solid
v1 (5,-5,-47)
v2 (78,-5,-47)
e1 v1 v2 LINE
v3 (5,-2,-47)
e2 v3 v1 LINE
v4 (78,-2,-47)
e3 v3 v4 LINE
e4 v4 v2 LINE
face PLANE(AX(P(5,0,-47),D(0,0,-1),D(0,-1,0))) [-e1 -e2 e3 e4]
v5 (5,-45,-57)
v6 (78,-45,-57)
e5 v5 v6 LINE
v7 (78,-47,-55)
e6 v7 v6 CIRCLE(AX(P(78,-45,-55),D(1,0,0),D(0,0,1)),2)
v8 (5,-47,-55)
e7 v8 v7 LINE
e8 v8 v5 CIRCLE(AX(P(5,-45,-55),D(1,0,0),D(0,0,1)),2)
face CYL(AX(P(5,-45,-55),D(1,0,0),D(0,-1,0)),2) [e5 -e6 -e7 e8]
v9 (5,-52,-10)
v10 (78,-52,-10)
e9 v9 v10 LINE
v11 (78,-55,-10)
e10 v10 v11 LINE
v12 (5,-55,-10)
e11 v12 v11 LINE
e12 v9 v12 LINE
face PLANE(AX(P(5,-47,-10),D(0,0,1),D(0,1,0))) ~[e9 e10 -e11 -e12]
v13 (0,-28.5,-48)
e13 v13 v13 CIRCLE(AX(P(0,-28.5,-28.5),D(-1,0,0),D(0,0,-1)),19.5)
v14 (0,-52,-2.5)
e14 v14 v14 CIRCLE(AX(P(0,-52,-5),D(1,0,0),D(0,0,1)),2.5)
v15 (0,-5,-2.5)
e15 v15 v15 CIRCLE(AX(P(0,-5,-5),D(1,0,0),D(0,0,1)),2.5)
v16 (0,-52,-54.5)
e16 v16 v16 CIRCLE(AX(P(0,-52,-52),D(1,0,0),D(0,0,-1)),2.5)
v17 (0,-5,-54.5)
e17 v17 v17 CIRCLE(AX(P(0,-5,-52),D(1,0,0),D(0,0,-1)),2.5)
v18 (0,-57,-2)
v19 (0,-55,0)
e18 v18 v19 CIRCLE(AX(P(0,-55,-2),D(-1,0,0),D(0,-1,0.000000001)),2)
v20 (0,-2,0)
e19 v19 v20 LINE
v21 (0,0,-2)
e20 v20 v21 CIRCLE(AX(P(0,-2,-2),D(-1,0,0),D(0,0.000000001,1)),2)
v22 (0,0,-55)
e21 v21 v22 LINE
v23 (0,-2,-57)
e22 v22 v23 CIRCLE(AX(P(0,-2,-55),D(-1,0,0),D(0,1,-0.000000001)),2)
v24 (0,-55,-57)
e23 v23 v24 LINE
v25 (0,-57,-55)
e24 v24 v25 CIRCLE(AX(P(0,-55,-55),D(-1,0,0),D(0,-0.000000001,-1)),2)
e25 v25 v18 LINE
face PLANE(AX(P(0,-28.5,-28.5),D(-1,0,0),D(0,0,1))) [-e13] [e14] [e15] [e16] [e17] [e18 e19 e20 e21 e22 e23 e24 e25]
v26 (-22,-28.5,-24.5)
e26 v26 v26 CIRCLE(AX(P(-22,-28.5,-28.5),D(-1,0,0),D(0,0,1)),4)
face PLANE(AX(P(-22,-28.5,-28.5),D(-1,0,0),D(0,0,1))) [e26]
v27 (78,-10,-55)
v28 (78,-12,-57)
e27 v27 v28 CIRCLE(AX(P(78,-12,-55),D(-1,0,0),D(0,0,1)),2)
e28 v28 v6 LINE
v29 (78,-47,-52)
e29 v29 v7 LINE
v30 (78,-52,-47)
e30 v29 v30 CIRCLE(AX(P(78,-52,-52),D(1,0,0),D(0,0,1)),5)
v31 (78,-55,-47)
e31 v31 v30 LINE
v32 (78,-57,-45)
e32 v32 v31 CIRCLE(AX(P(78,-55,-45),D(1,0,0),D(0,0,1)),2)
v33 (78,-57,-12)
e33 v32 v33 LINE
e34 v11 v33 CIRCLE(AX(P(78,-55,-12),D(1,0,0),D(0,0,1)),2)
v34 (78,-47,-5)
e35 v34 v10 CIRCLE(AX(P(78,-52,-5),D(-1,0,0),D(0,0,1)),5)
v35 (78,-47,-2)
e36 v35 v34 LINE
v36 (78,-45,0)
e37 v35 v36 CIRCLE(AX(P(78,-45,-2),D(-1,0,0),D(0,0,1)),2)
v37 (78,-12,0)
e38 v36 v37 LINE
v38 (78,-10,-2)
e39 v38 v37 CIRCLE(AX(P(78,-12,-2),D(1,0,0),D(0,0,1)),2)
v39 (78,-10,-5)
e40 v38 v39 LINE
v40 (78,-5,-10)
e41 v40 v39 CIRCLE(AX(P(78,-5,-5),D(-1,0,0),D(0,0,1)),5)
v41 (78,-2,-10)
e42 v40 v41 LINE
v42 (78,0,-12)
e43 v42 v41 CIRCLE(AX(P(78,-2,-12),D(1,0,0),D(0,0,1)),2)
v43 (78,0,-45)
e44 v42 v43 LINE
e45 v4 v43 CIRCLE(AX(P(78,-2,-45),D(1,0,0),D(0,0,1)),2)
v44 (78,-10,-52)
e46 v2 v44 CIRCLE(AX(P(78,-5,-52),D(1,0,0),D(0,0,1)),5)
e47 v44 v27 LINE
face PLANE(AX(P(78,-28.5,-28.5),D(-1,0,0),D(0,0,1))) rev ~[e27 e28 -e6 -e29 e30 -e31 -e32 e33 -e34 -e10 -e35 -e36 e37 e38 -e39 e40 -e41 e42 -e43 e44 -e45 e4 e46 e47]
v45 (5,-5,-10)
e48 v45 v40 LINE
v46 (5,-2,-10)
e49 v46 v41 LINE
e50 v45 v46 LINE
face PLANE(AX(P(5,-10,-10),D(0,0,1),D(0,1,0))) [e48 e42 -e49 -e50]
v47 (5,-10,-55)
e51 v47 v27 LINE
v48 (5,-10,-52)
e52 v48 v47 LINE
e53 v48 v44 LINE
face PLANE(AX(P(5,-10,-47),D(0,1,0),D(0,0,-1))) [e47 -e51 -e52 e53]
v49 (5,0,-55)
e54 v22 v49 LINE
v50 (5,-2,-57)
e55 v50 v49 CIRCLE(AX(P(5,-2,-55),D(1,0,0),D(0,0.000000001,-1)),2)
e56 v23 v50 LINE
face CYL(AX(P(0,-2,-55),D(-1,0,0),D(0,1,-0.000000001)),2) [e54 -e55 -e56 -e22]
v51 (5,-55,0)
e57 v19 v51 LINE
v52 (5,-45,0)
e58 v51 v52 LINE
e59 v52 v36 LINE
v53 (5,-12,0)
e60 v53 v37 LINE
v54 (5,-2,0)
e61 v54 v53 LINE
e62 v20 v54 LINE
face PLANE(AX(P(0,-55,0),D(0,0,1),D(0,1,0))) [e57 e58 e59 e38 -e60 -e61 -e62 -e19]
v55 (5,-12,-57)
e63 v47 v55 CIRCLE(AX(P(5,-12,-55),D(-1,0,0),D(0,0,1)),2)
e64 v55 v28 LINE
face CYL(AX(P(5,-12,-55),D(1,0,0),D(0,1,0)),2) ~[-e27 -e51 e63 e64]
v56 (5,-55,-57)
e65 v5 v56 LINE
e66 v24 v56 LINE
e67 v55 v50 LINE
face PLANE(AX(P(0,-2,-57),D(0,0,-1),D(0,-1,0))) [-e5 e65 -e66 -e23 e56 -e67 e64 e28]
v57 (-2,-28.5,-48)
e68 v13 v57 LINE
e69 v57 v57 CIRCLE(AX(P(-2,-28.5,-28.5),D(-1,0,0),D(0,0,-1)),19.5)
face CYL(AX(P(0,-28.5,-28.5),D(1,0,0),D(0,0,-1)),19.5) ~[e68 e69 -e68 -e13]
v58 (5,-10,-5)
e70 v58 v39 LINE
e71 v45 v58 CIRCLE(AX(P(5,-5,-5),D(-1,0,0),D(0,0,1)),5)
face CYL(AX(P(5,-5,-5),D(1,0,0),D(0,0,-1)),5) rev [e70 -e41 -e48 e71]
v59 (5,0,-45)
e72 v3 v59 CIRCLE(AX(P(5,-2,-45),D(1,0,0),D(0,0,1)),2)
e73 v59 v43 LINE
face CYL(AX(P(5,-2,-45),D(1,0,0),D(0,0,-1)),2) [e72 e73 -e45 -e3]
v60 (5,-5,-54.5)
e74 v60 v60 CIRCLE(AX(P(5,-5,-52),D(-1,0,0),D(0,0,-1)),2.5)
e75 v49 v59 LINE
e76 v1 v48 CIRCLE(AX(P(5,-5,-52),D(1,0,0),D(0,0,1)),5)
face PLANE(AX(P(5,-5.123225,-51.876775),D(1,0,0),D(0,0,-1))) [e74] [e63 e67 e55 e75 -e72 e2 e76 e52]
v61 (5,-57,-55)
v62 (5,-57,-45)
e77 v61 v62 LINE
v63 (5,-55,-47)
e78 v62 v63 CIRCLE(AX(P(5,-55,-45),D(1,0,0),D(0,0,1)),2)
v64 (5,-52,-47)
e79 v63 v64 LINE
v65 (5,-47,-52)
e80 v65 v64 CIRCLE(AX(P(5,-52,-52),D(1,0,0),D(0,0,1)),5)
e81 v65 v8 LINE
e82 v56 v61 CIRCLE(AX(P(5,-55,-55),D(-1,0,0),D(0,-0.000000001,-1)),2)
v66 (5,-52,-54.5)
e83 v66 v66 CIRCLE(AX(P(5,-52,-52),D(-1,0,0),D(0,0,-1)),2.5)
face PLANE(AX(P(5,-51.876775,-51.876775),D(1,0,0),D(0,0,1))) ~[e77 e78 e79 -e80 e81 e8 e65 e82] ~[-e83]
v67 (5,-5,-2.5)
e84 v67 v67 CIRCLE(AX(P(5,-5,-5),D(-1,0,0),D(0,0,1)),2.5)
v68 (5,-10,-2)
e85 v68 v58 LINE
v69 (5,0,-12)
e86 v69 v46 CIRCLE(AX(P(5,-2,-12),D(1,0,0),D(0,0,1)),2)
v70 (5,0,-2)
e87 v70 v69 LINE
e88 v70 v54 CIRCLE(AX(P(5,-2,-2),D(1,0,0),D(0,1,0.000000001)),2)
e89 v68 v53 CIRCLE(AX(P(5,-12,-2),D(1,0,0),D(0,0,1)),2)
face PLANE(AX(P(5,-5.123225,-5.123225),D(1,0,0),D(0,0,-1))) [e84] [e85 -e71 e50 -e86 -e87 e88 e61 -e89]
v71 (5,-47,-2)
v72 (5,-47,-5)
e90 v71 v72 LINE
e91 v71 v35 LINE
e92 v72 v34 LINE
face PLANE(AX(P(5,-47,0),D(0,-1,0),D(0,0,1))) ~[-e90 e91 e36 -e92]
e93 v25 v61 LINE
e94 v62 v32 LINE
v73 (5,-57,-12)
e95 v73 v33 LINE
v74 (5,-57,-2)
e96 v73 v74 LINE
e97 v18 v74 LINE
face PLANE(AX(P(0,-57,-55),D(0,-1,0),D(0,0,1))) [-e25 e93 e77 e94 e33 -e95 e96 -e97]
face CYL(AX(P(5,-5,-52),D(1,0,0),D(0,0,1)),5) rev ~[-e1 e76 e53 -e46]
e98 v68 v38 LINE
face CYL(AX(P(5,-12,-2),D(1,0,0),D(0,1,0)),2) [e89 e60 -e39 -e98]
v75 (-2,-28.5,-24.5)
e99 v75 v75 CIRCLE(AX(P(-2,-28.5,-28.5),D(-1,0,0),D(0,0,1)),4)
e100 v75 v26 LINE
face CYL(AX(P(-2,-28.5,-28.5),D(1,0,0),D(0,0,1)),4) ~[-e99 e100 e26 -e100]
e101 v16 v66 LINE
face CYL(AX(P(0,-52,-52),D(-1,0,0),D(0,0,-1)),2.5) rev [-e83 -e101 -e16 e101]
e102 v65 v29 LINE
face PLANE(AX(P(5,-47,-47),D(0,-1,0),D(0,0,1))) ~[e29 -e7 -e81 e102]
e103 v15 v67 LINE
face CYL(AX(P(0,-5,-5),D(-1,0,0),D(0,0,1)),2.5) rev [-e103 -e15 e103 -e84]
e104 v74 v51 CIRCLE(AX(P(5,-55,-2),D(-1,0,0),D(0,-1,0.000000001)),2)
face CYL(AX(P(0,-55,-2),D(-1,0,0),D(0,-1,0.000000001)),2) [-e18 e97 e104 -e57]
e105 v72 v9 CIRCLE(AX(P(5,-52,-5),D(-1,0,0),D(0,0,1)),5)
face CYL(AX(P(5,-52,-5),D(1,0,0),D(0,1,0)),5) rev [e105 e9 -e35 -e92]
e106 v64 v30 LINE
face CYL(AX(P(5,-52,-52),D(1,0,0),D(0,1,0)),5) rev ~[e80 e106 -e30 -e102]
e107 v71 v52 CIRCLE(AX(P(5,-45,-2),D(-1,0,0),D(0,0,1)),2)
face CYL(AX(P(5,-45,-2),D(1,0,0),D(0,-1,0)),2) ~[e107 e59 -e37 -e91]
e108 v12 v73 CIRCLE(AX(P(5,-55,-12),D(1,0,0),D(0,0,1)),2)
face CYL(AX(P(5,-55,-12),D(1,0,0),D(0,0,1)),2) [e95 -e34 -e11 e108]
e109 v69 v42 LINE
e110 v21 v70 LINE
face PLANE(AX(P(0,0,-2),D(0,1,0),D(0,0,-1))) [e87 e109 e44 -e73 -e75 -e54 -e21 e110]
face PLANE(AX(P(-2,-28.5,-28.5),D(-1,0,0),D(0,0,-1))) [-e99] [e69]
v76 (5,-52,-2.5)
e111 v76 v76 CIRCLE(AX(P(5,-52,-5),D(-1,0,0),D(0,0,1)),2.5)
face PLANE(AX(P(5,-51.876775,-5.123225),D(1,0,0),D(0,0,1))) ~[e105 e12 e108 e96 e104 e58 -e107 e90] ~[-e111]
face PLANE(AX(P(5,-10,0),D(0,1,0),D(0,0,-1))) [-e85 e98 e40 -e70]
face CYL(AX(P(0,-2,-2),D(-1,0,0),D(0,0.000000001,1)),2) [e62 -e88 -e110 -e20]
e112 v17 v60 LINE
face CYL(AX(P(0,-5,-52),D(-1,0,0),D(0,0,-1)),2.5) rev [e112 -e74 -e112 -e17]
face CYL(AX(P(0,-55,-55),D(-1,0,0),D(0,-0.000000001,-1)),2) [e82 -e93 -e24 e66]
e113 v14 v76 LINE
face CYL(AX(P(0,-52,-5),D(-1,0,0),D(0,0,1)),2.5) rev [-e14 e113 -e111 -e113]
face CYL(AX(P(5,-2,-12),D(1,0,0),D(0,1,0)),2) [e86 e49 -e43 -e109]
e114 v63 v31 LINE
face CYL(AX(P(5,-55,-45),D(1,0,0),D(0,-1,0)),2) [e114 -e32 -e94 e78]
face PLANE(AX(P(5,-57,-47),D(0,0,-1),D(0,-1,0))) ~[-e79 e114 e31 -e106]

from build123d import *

# Parameters (mm, degrees)
SKETCH1_R            = 2.5
BOSS_EXTRUDE2_DEPTH  = 78
CUT_EXTRUDE1_START   = -73
CUT_EXTRUDE1_DEPTH   = 73
FILLET1_R            = 5
FILLET2_R            = 2
FILLET1_OF_MIRROR3_R = 5
FILLET3_R            = 2
SKETCH5_R            = 19.5
BOSS_EXTRUDE3_DEPTH  = 2
SKETCH6_R            = 4
BOSS_EXTRUDE4_DEPTH  = 20


with BuildPart() as part:
    # Sketch1 → Boss-Extrude2 (new body)
    with BuildSketch(Plane(origin=(0, 0, 0), x_dir=(0, 0, -1), z_dir=(1, 0, 0))):
        with BuildLine():
            Line((2, 0), (55, 0))
            ThreePointArc((55, 0), (56.414213562, -0.585786438), (57, -2))
            Line((57, -2), (57, -55))
            ThreePointArc((57, -55), (56.414213562, -56.414213562), (55, -57))
            Line((55, -57), (2, -57))
            ThreePointArc((2, -57), (0.585786438, -56.414213562), (0, -55))
            Line((0, -55), (0, -2))
            ThreePointArc((0, -2), (0.585786438, -0.585786438), (2, 0))
        make_face()
        with Locations((52, -5)):
            Circle(SKETCH1_R, mode=Mode.SUBTRACT)
        with Locations((52, -52)):
            Circle(SKETCH1_R, mode=Mode.SUBTRACT)
        with Locations(Location((5, -52, 0), (0, 0, 180))):
            Circle(SKETCH1_R, mode=Mode.SUBTRACT)
        with Locations(Location((5, -5, 0), (0, 0, 180))):
            Circle(SKETCH1_R, mode=Mode.SUBTRACT)
    extrude(amount=BOSS_EXTRUDE2_DEPTH)

    # Sketch4 → Cut-Extrude1 (cut)
    with BuildSketch(Plane(origin=(78, 0, 0), x_dir=(0, 0, -1), z_dir=(1, 0, 0)).offset(CUT_EXTRUDE1_START)):
        with BuildLine():
            Line((55, 0), (47, 0))
            Line((47, 0), (47, -10))
            Line((47, -10), (57, -10))
            Line((57, -10), (57, -2))
            ThreePointArc((57, -2), (56.414213562, -0.585786438), (55, 0))
        make_face()
        with BuildLine():
            Line((0, -2), (0, -10))
            Line((0, -10), (10, -10))
            Line((10, -10), (10, 0))
            Line((10, 0), (2, 0))
            ThreePointArc((2, 0), (0.585786438, -0.585786438), (0, -2))
        make_face()
    cut_extrude1 = extrude(amount=CUT_EXTRUDE1_DEPTH, mode=Mode.SUBTRACT)

    # Fillet1
    fillet1_edges = [part.edges().sort_by_distance(p)[0] for p in [
        (41.5, -10, -10),
        (41.5, -10, -47),
    ]]
    fillet(fillet1_edges, radius=FILLET1_R)

    # Fillet2
    fillet2_edges = [part.edges().sort_by_distance(p)[0] for p in [
        (41.5, 0, -10),
        (41.5, -10, 0),
        (41.5, -10, -57),
        (41.5, 0, -47),
    ]]
    fillet(fillet2_edges, radius=FILLET2_R)

    # Mirror3: Cut-Extrude1 across plane
    add(cut_extrude1.mirror(Plane.ZX.offset(-28.5)), mode=Mode.SUBTRACT)

    # Fillet1 of Mirror3
    fillet1_of_mirror3_edges = [part.edges().sort_by_distance(p)[0] for p in [
        (41.5, -47, -10),
        (41.5, -47, -47),
    ]]
    fillet(fillet1_of_mirror3_edges, radius=FILLET1_OF_MIRROR3_R)

    # Fillet3
    fillet3_edges = [part.edges().sort_by_distance(p)[0] for p in [
        (41.5, -47, 0),
        (41.5, -57, -10),
        (41.5, -57, -47),
        (41.5, -47, -57),
    ]]
    fillet(fillet3_edges, radius=FILLET3_R)

    # Sketch5 → Boss-Extrude3 (add)
    with BuildSketch(Plane.ZY):
        with Locations(Location((-28.5, -28.5, 0), (0, 0, 180))):
            Circle(SKETCH5_R)
    extrude(amount=BOSS_EXTRUDE3_DEPTH)

    # Sketch6 → Boss-Extrude4 (add)
    with BuildSketch(Plane.ZY.offset(2)):
        with Locations((-28.5, -28.5)):
            Circle(SKETCH6_R)
    extrude(amount=BOSS_EXTRUDE4_DEPTH)


solid = part.part
